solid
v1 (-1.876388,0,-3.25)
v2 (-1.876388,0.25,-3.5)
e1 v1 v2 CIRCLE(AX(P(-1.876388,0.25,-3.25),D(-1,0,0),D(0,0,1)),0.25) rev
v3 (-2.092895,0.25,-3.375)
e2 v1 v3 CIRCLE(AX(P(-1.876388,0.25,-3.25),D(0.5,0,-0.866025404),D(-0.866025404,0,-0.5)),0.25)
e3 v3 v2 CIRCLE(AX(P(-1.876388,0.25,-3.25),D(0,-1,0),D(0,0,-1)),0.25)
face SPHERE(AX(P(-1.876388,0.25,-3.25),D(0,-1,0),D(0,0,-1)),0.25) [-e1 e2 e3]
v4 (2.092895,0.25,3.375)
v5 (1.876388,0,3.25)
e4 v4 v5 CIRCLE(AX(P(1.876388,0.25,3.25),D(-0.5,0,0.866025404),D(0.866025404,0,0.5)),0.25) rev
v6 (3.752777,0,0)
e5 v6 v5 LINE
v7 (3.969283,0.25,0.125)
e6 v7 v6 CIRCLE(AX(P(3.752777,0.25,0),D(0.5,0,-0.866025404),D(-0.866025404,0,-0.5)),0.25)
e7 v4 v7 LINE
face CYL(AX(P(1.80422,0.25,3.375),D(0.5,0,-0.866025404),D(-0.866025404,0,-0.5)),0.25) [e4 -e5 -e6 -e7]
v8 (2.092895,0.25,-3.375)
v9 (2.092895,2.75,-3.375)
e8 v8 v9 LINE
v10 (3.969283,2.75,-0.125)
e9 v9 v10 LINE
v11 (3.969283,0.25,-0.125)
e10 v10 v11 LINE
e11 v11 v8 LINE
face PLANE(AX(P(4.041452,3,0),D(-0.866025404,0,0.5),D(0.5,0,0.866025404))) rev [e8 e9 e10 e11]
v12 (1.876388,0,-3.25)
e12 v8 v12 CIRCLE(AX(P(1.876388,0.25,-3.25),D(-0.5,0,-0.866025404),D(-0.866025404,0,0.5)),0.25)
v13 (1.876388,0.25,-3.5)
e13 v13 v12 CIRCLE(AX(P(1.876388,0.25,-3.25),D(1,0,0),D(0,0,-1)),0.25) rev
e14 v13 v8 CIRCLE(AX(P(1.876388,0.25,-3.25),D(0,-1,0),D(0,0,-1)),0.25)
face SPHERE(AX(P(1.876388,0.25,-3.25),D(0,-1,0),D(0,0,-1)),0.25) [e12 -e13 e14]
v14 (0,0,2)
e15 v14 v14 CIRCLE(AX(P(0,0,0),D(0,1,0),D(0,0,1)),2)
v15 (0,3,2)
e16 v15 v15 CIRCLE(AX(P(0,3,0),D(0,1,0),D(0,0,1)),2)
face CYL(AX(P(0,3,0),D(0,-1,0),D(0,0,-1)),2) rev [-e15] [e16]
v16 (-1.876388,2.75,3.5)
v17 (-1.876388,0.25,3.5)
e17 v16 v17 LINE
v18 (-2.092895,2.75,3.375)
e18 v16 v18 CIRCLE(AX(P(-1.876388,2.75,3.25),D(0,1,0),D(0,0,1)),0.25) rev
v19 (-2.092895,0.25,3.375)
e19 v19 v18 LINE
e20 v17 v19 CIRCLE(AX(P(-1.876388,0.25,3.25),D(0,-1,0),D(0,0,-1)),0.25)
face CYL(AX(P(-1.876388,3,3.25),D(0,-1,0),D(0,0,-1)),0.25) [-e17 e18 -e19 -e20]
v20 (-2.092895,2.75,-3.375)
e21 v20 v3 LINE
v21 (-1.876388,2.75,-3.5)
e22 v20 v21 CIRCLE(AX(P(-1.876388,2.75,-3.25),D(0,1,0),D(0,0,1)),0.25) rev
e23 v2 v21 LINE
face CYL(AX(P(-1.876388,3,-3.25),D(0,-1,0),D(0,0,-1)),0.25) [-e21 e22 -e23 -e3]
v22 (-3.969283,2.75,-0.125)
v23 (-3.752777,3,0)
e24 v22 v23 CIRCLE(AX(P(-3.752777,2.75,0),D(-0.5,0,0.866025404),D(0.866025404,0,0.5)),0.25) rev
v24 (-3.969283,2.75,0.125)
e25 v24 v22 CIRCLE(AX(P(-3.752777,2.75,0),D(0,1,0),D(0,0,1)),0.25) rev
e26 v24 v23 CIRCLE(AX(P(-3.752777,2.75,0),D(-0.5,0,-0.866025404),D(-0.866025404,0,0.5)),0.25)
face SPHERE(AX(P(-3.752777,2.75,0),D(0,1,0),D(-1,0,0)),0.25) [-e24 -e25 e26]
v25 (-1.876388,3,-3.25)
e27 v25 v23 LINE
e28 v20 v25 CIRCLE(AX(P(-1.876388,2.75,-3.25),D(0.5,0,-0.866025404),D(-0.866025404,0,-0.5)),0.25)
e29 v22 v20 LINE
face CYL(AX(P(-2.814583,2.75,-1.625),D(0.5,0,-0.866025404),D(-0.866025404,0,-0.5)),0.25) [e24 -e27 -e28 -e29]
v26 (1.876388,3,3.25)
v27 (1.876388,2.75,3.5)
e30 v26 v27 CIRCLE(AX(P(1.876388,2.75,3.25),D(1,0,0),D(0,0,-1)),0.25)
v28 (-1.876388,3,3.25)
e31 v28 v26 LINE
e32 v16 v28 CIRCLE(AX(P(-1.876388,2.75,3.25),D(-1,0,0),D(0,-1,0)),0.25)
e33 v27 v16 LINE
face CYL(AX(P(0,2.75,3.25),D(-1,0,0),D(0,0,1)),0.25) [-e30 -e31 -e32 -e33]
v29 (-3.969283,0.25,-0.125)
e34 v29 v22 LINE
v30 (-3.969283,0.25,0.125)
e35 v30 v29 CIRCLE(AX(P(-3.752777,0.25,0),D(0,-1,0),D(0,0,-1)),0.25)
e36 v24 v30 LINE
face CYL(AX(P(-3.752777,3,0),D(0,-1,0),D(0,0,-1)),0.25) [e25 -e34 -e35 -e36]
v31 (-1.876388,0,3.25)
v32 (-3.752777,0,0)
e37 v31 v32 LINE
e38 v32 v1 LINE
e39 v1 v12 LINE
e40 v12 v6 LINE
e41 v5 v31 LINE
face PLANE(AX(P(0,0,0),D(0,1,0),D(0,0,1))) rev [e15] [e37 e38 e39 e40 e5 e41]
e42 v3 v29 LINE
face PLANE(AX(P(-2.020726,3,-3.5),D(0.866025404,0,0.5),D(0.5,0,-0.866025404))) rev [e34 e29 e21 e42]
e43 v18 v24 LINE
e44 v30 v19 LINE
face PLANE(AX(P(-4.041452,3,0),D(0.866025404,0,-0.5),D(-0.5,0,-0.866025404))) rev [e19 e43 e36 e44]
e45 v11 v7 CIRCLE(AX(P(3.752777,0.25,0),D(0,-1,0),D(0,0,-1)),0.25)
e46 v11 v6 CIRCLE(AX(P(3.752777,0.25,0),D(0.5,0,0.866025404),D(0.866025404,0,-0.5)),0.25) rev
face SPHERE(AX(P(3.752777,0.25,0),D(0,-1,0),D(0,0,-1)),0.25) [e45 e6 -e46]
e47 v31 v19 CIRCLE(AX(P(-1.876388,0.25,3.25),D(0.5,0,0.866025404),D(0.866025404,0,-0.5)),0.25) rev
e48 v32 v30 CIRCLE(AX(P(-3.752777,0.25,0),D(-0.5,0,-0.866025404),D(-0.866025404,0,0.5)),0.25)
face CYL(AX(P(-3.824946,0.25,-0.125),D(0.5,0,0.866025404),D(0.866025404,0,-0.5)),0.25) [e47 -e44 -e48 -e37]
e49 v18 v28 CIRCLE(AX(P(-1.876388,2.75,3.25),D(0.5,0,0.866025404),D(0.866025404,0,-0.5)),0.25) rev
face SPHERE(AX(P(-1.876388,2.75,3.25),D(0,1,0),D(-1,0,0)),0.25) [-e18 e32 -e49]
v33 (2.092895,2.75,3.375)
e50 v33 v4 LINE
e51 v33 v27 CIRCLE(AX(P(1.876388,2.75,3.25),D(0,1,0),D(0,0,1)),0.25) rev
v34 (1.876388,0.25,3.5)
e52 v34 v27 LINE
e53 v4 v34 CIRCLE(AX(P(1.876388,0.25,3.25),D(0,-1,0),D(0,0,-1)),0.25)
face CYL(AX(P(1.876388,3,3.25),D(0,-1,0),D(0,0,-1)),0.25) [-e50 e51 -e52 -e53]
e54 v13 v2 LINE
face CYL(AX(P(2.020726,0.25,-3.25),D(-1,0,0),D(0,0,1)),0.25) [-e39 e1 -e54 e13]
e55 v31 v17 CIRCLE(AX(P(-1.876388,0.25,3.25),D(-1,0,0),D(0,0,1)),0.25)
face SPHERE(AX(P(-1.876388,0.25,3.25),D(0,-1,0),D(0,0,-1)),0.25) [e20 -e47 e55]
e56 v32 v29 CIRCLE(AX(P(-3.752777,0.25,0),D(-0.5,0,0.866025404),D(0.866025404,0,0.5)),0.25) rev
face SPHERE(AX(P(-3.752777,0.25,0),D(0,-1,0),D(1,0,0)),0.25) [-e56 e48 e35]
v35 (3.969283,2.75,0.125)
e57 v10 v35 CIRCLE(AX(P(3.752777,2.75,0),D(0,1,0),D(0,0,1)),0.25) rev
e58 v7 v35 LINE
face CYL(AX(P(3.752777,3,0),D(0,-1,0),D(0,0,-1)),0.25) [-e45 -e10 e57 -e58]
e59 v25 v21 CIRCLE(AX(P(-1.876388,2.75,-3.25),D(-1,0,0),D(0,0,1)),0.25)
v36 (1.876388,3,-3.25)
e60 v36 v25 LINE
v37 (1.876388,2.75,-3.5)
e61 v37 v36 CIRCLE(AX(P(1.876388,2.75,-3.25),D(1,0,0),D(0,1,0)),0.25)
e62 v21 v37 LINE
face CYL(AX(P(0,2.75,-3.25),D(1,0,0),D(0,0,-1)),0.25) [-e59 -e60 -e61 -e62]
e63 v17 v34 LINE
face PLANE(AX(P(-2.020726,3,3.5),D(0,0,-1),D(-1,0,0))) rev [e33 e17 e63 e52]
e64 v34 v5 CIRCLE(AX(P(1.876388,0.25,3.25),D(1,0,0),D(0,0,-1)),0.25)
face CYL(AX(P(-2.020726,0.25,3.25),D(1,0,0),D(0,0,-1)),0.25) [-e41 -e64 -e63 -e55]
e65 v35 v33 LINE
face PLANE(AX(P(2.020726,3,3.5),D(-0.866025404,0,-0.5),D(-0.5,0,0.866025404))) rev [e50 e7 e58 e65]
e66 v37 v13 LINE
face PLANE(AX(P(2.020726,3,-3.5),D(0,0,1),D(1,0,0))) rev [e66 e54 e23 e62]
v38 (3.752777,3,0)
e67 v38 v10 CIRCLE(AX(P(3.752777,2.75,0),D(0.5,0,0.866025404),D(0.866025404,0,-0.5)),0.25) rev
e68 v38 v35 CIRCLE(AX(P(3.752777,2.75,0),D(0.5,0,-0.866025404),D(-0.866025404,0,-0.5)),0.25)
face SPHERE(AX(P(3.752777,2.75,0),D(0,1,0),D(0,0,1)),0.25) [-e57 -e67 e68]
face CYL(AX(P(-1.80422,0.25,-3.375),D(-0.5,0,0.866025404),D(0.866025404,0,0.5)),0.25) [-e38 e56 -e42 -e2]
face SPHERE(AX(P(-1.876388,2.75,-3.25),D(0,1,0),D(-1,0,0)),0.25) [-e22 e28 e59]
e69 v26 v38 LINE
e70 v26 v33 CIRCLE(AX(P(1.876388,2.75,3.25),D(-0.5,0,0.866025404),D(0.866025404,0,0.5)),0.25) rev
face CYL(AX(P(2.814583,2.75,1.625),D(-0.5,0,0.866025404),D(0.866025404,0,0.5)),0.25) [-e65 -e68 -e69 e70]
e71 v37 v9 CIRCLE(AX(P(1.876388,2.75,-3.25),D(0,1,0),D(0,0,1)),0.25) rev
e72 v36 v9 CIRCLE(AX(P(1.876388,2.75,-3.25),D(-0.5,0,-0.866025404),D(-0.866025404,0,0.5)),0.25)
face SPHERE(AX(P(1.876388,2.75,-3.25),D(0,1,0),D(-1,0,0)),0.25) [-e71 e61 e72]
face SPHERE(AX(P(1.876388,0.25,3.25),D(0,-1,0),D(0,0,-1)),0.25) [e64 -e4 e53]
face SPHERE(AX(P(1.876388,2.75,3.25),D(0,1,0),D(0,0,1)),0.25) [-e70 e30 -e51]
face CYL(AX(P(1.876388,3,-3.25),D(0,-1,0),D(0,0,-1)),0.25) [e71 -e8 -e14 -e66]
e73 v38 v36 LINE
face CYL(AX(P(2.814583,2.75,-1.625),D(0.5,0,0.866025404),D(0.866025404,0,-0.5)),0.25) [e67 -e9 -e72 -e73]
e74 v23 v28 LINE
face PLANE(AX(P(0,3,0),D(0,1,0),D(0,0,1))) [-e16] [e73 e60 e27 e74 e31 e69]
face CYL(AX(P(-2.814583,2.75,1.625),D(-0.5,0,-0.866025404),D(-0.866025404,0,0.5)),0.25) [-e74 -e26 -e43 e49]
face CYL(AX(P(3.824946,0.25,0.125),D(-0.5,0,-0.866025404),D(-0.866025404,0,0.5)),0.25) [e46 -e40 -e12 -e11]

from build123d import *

# Parameters (mm, degrees)
SKETCH1_R           = 2
BOSS_EXTRUDE1_DEPTH = 3
FILLET1_R           = 0.25


with BuildPart() as part:
    # Sketch1 → Boss-Extrude1 (new body)
    with BuildSketch(Plane(origin=(0, 0, 0), x_dir=(1, 0, 0), z_dir=(0, 1, 0))):
        Polygon((-2.020725942, 3.5), (-4.041451884, 0), (-2.020725942, -3.5), (2.020725942, -3.5), (4.041451884, 0), (2.020725942, 3.5), align=None)
        Circle(SKETCH1_R, mode=Mode.SUBTRACT)
    extrude(amount=BOSS_EXTRUDE1_DEPTH)

    # Fillet1
    fillet1_edges = [part.edges().sort_by_distance(p)[0] for p in [
        (2.020725942, 1.5, -3.5),
        (4.041451884, 1.5, 0),
        (2.020725942, 1.5, 3.5),
        (-2.020725942, 1.5, 3.5),
        (-4.041451884, 1.5, 0),
        (-2.020725942, 1.5, -3.5),
        (-3.031088913, 3, 1.75),
        (0, 3, 3.5),
        (3.031088913, 3, 1.75),
        (3.031088913, 3, -1.75),
        (0, 3, -3.5),
        (3.031088913, 0, -1.75),
        (3.031088913, 0, 1.75),
        (0, 0, 3.5),
        (-3.031088913, 0, 1.75),
        (-3.031088913, 0, -1.75),
        (0, 0, -3.5),
        (-3.031088913, 3, -1.75),
    ]]
    fillet(fillet1_edges, radius=FILLET1_R)


solid = part.part
